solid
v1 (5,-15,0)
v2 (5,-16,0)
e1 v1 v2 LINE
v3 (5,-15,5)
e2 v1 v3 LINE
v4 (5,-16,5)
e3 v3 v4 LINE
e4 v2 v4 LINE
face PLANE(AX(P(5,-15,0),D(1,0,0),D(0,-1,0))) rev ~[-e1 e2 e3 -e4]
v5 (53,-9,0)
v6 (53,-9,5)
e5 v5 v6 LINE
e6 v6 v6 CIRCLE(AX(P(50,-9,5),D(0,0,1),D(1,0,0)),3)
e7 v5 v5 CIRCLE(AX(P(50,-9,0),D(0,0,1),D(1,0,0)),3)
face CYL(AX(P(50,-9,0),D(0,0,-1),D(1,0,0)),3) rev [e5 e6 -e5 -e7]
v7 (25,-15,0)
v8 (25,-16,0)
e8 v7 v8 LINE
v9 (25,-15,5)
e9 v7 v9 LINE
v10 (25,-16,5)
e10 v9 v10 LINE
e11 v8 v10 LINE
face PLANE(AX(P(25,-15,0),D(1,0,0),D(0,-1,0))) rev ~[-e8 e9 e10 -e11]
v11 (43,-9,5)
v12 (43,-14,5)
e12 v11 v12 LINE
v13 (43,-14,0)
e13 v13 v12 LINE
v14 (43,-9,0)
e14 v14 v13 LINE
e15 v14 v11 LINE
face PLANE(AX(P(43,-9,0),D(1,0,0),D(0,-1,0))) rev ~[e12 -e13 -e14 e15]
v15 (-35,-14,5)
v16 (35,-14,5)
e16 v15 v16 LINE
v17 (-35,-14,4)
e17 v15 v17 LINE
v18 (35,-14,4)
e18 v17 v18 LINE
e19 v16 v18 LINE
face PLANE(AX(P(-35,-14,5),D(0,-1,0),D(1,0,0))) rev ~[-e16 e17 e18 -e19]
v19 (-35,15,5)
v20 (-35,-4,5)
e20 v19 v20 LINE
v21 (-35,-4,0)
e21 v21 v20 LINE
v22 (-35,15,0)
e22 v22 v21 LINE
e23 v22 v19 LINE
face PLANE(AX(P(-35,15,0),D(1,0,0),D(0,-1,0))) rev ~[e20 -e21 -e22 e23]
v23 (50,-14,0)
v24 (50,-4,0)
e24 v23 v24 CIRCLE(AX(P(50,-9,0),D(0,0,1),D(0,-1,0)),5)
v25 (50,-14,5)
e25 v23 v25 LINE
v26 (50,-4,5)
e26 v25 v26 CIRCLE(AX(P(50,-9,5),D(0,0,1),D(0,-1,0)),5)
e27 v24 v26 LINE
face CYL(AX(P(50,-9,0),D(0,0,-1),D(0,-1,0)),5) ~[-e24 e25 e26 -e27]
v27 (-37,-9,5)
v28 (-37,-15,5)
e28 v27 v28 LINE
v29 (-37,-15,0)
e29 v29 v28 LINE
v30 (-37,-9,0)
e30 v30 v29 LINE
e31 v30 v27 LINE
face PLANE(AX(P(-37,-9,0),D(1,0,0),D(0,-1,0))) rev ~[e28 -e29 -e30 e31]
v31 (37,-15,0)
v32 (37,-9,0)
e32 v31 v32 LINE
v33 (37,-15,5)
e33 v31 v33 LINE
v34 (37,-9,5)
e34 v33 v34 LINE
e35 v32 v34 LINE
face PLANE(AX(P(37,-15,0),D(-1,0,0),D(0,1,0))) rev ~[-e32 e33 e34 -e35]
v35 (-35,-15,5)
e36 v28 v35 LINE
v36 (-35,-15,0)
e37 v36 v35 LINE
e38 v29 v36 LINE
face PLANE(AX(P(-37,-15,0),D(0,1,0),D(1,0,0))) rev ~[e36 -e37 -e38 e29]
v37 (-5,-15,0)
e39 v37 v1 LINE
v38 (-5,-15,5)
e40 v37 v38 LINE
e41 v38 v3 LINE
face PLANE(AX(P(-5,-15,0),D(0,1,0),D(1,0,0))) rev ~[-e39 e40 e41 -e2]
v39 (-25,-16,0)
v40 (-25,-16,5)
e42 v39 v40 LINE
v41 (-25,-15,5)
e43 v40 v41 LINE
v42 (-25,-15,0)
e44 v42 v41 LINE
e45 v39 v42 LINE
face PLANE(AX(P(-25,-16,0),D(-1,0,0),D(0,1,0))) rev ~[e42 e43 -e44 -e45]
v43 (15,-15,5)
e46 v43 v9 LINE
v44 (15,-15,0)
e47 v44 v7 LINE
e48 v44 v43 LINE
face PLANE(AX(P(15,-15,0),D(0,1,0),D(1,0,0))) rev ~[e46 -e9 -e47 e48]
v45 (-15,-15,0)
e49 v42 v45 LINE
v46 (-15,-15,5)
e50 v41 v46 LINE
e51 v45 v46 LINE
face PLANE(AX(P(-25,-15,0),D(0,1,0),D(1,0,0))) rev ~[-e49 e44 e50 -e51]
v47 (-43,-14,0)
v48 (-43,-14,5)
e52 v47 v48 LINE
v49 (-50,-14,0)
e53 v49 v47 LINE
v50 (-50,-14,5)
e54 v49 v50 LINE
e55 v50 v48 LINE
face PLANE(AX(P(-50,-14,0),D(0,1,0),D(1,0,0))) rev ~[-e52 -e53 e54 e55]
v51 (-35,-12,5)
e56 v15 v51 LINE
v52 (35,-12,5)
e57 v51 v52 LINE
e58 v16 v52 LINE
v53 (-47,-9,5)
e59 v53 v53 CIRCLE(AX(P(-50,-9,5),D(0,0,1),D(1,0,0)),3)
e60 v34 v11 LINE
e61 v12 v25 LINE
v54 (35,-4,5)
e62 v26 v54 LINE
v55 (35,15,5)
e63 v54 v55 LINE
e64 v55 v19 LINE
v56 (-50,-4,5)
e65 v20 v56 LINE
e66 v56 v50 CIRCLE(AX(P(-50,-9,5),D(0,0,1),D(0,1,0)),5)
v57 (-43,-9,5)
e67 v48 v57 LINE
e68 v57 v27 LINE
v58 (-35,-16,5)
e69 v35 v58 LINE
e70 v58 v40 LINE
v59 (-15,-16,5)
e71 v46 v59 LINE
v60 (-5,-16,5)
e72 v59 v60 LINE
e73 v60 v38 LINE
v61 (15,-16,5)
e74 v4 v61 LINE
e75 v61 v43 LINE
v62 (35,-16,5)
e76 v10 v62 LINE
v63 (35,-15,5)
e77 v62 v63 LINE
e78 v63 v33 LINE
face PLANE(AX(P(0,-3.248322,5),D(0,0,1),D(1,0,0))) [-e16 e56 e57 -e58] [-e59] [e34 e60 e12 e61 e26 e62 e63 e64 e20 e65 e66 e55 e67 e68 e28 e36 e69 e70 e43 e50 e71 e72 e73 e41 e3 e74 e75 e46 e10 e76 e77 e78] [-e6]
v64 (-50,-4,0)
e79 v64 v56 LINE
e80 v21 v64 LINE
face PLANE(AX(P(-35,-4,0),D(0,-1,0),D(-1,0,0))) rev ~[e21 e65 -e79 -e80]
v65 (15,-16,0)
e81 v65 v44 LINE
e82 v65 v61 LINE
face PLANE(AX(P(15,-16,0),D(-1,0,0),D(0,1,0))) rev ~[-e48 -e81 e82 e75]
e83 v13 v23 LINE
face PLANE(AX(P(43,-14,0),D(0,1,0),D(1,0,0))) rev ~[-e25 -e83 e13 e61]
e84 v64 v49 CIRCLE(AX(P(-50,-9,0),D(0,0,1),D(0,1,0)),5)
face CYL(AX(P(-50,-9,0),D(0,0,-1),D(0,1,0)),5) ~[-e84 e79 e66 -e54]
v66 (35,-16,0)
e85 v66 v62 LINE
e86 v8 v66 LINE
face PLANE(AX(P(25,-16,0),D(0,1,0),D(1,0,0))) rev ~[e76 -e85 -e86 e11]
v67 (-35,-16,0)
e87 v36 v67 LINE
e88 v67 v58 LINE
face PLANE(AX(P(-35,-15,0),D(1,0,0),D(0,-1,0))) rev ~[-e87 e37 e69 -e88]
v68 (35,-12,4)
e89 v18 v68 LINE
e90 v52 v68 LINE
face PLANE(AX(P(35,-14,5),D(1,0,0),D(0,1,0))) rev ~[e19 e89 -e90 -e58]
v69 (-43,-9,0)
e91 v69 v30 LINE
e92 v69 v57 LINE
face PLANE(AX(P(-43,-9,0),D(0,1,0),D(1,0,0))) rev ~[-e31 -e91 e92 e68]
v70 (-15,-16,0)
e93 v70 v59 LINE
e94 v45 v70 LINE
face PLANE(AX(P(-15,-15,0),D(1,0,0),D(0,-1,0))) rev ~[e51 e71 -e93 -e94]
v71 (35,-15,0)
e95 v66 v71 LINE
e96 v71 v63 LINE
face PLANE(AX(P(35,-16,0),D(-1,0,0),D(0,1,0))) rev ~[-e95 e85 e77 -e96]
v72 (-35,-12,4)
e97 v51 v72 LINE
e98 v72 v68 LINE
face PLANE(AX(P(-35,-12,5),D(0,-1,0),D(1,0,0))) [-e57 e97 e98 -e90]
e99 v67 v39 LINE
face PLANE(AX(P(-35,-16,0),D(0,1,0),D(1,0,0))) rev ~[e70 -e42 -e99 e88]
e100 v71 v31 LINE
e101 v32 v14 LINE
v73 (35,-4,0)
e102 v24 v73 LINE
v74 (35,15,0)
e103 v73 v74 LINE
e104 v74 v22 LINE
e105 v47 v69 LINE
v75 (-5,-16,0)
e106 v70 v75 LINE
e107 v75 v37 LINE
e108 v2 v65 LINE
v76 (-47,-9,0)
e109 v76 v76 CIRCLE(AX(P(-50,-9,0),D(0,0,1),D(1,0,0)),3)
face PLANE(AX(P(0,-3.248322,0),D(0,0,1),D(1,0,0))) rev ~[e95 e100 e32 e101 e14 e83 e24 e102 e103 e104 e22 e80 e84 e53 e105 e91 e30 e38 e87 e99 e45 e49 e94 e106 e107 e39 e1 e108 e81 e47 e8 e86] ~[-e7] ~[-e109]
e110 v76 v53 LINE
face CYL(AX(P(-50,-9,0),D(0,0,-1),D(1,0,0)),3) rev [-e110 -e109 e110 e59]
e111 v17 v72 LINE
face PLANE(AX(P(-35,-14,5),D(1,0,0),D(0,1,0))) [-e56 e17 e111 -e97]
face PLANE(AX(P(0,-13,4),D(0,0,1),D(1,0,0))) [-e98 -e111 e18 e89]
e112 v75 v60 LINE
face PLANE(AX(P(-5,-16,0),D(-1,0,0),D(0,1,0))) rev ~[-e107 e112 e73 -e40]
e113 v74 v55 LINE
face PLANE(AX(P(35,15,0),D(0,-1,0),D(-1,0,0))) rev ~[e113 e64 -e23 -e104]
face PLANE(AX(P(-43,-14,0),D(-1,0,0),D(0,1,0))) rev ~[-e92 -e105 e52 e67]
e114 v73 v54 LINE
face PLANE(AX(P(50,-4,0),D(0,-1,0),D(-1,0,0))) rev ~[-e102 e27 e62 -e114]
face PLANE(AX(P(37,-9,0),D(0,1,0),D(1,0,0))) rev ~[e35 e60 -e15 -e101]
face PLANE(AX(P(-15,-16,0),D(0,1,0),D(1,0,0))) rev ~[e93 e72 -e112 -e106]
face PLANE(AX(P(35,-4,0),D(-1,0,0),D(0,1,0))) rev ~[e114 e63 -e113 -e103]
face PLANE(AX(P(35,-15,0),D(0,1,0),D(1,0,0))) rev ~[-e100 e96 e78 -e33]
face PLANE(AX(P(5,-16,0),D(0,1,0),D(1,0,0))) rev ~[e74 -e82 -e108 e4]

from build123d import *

# Parameters (mm, degrees)
F1_R     = 3
F2_DEPTH = 5
F3_W     = 70
F3_H     = 2
F4_DEPTH = 1


with BuildPart() as f2:
    # F1 (on Top) → F2 (new body)
    with BuildSketch(Plane.XY):
        with BuildLine():
            Line((-5, -15), (0, -15))
            Line((0, -15), (5, -15))
            Line((5, -15), (5, -16))
            Line((5, -16), (15, -16))
            Line((15, -16), (15, -15))
            Line((15, -15), (25, -15))
            Line((25, -15), (25, -16))
            Line((25, -16), (35, -16))
            Line((35, -16), (35, -15))
            Line((35, -15), (37, -15))
            Line((37, -15), (37, -14))
            Line((37, -14), (37, -9))
            Line((37, -9), (43, -9))
            Line((43, -9), (43, -14))
            Line((43, -14), (45, -14))
            Line((45, -14), (50, -14))
            ThreePointArc((50, -14), (55, -9), (50, -4))
            Line((50, -4), (35, -4))
            Line((35, -4), (35, 15))
            Line((35, 15), (0, 15))
            Line((0, 15), (-35, 15))
            Line((-35, 15), (-35, -4))
            Line((-35, -4), (-50, -4))
            ThreePointArc((-50, -4), (-55, -9), (-50, -14))
            Line((-50, -14), (-45, -14))
            Line((-45, -14), (-43, -14))
            Line((-43, -14), (-43, -9))
            Line((-43, -9), (-37, -9))
            Line((-37, -9), (-37, -14))
            Line((-37, -14), (-37, -15))
            Line((-37, -15), (-35, -15))
            Line((-35, -15), (-35, -16))
            Line((-35, -16), (-25, -16))
            Line((-25, -16), (-25, -15))
            Line((-25, -15), (-15, -15))
            Line((-15, -15), (-15, -16))
            Line((-15, -16), (-5, -16))
            Line((-5, -16), (-5, -15))
        make_face()
        with Locations((-50, -9)):
            Circle(F1_R, mode=Mode.SUBTRACT)
        with Locations((50, -9)):
            Circle(F1_R, mode=Mode.SUBTRACT)
    extrude(amount=F2_DEPTH)

    # F3 (on face) → F4 (cut)
    with BuildSketch(Plane.XY.offset(5)):
        with Locations((0, -13)):
            Rectangle(F3_W, F3_H)
    extrude(amount=-F4_DEPTH, mode=Mode.SUBTRACT)


solid = f2.part
